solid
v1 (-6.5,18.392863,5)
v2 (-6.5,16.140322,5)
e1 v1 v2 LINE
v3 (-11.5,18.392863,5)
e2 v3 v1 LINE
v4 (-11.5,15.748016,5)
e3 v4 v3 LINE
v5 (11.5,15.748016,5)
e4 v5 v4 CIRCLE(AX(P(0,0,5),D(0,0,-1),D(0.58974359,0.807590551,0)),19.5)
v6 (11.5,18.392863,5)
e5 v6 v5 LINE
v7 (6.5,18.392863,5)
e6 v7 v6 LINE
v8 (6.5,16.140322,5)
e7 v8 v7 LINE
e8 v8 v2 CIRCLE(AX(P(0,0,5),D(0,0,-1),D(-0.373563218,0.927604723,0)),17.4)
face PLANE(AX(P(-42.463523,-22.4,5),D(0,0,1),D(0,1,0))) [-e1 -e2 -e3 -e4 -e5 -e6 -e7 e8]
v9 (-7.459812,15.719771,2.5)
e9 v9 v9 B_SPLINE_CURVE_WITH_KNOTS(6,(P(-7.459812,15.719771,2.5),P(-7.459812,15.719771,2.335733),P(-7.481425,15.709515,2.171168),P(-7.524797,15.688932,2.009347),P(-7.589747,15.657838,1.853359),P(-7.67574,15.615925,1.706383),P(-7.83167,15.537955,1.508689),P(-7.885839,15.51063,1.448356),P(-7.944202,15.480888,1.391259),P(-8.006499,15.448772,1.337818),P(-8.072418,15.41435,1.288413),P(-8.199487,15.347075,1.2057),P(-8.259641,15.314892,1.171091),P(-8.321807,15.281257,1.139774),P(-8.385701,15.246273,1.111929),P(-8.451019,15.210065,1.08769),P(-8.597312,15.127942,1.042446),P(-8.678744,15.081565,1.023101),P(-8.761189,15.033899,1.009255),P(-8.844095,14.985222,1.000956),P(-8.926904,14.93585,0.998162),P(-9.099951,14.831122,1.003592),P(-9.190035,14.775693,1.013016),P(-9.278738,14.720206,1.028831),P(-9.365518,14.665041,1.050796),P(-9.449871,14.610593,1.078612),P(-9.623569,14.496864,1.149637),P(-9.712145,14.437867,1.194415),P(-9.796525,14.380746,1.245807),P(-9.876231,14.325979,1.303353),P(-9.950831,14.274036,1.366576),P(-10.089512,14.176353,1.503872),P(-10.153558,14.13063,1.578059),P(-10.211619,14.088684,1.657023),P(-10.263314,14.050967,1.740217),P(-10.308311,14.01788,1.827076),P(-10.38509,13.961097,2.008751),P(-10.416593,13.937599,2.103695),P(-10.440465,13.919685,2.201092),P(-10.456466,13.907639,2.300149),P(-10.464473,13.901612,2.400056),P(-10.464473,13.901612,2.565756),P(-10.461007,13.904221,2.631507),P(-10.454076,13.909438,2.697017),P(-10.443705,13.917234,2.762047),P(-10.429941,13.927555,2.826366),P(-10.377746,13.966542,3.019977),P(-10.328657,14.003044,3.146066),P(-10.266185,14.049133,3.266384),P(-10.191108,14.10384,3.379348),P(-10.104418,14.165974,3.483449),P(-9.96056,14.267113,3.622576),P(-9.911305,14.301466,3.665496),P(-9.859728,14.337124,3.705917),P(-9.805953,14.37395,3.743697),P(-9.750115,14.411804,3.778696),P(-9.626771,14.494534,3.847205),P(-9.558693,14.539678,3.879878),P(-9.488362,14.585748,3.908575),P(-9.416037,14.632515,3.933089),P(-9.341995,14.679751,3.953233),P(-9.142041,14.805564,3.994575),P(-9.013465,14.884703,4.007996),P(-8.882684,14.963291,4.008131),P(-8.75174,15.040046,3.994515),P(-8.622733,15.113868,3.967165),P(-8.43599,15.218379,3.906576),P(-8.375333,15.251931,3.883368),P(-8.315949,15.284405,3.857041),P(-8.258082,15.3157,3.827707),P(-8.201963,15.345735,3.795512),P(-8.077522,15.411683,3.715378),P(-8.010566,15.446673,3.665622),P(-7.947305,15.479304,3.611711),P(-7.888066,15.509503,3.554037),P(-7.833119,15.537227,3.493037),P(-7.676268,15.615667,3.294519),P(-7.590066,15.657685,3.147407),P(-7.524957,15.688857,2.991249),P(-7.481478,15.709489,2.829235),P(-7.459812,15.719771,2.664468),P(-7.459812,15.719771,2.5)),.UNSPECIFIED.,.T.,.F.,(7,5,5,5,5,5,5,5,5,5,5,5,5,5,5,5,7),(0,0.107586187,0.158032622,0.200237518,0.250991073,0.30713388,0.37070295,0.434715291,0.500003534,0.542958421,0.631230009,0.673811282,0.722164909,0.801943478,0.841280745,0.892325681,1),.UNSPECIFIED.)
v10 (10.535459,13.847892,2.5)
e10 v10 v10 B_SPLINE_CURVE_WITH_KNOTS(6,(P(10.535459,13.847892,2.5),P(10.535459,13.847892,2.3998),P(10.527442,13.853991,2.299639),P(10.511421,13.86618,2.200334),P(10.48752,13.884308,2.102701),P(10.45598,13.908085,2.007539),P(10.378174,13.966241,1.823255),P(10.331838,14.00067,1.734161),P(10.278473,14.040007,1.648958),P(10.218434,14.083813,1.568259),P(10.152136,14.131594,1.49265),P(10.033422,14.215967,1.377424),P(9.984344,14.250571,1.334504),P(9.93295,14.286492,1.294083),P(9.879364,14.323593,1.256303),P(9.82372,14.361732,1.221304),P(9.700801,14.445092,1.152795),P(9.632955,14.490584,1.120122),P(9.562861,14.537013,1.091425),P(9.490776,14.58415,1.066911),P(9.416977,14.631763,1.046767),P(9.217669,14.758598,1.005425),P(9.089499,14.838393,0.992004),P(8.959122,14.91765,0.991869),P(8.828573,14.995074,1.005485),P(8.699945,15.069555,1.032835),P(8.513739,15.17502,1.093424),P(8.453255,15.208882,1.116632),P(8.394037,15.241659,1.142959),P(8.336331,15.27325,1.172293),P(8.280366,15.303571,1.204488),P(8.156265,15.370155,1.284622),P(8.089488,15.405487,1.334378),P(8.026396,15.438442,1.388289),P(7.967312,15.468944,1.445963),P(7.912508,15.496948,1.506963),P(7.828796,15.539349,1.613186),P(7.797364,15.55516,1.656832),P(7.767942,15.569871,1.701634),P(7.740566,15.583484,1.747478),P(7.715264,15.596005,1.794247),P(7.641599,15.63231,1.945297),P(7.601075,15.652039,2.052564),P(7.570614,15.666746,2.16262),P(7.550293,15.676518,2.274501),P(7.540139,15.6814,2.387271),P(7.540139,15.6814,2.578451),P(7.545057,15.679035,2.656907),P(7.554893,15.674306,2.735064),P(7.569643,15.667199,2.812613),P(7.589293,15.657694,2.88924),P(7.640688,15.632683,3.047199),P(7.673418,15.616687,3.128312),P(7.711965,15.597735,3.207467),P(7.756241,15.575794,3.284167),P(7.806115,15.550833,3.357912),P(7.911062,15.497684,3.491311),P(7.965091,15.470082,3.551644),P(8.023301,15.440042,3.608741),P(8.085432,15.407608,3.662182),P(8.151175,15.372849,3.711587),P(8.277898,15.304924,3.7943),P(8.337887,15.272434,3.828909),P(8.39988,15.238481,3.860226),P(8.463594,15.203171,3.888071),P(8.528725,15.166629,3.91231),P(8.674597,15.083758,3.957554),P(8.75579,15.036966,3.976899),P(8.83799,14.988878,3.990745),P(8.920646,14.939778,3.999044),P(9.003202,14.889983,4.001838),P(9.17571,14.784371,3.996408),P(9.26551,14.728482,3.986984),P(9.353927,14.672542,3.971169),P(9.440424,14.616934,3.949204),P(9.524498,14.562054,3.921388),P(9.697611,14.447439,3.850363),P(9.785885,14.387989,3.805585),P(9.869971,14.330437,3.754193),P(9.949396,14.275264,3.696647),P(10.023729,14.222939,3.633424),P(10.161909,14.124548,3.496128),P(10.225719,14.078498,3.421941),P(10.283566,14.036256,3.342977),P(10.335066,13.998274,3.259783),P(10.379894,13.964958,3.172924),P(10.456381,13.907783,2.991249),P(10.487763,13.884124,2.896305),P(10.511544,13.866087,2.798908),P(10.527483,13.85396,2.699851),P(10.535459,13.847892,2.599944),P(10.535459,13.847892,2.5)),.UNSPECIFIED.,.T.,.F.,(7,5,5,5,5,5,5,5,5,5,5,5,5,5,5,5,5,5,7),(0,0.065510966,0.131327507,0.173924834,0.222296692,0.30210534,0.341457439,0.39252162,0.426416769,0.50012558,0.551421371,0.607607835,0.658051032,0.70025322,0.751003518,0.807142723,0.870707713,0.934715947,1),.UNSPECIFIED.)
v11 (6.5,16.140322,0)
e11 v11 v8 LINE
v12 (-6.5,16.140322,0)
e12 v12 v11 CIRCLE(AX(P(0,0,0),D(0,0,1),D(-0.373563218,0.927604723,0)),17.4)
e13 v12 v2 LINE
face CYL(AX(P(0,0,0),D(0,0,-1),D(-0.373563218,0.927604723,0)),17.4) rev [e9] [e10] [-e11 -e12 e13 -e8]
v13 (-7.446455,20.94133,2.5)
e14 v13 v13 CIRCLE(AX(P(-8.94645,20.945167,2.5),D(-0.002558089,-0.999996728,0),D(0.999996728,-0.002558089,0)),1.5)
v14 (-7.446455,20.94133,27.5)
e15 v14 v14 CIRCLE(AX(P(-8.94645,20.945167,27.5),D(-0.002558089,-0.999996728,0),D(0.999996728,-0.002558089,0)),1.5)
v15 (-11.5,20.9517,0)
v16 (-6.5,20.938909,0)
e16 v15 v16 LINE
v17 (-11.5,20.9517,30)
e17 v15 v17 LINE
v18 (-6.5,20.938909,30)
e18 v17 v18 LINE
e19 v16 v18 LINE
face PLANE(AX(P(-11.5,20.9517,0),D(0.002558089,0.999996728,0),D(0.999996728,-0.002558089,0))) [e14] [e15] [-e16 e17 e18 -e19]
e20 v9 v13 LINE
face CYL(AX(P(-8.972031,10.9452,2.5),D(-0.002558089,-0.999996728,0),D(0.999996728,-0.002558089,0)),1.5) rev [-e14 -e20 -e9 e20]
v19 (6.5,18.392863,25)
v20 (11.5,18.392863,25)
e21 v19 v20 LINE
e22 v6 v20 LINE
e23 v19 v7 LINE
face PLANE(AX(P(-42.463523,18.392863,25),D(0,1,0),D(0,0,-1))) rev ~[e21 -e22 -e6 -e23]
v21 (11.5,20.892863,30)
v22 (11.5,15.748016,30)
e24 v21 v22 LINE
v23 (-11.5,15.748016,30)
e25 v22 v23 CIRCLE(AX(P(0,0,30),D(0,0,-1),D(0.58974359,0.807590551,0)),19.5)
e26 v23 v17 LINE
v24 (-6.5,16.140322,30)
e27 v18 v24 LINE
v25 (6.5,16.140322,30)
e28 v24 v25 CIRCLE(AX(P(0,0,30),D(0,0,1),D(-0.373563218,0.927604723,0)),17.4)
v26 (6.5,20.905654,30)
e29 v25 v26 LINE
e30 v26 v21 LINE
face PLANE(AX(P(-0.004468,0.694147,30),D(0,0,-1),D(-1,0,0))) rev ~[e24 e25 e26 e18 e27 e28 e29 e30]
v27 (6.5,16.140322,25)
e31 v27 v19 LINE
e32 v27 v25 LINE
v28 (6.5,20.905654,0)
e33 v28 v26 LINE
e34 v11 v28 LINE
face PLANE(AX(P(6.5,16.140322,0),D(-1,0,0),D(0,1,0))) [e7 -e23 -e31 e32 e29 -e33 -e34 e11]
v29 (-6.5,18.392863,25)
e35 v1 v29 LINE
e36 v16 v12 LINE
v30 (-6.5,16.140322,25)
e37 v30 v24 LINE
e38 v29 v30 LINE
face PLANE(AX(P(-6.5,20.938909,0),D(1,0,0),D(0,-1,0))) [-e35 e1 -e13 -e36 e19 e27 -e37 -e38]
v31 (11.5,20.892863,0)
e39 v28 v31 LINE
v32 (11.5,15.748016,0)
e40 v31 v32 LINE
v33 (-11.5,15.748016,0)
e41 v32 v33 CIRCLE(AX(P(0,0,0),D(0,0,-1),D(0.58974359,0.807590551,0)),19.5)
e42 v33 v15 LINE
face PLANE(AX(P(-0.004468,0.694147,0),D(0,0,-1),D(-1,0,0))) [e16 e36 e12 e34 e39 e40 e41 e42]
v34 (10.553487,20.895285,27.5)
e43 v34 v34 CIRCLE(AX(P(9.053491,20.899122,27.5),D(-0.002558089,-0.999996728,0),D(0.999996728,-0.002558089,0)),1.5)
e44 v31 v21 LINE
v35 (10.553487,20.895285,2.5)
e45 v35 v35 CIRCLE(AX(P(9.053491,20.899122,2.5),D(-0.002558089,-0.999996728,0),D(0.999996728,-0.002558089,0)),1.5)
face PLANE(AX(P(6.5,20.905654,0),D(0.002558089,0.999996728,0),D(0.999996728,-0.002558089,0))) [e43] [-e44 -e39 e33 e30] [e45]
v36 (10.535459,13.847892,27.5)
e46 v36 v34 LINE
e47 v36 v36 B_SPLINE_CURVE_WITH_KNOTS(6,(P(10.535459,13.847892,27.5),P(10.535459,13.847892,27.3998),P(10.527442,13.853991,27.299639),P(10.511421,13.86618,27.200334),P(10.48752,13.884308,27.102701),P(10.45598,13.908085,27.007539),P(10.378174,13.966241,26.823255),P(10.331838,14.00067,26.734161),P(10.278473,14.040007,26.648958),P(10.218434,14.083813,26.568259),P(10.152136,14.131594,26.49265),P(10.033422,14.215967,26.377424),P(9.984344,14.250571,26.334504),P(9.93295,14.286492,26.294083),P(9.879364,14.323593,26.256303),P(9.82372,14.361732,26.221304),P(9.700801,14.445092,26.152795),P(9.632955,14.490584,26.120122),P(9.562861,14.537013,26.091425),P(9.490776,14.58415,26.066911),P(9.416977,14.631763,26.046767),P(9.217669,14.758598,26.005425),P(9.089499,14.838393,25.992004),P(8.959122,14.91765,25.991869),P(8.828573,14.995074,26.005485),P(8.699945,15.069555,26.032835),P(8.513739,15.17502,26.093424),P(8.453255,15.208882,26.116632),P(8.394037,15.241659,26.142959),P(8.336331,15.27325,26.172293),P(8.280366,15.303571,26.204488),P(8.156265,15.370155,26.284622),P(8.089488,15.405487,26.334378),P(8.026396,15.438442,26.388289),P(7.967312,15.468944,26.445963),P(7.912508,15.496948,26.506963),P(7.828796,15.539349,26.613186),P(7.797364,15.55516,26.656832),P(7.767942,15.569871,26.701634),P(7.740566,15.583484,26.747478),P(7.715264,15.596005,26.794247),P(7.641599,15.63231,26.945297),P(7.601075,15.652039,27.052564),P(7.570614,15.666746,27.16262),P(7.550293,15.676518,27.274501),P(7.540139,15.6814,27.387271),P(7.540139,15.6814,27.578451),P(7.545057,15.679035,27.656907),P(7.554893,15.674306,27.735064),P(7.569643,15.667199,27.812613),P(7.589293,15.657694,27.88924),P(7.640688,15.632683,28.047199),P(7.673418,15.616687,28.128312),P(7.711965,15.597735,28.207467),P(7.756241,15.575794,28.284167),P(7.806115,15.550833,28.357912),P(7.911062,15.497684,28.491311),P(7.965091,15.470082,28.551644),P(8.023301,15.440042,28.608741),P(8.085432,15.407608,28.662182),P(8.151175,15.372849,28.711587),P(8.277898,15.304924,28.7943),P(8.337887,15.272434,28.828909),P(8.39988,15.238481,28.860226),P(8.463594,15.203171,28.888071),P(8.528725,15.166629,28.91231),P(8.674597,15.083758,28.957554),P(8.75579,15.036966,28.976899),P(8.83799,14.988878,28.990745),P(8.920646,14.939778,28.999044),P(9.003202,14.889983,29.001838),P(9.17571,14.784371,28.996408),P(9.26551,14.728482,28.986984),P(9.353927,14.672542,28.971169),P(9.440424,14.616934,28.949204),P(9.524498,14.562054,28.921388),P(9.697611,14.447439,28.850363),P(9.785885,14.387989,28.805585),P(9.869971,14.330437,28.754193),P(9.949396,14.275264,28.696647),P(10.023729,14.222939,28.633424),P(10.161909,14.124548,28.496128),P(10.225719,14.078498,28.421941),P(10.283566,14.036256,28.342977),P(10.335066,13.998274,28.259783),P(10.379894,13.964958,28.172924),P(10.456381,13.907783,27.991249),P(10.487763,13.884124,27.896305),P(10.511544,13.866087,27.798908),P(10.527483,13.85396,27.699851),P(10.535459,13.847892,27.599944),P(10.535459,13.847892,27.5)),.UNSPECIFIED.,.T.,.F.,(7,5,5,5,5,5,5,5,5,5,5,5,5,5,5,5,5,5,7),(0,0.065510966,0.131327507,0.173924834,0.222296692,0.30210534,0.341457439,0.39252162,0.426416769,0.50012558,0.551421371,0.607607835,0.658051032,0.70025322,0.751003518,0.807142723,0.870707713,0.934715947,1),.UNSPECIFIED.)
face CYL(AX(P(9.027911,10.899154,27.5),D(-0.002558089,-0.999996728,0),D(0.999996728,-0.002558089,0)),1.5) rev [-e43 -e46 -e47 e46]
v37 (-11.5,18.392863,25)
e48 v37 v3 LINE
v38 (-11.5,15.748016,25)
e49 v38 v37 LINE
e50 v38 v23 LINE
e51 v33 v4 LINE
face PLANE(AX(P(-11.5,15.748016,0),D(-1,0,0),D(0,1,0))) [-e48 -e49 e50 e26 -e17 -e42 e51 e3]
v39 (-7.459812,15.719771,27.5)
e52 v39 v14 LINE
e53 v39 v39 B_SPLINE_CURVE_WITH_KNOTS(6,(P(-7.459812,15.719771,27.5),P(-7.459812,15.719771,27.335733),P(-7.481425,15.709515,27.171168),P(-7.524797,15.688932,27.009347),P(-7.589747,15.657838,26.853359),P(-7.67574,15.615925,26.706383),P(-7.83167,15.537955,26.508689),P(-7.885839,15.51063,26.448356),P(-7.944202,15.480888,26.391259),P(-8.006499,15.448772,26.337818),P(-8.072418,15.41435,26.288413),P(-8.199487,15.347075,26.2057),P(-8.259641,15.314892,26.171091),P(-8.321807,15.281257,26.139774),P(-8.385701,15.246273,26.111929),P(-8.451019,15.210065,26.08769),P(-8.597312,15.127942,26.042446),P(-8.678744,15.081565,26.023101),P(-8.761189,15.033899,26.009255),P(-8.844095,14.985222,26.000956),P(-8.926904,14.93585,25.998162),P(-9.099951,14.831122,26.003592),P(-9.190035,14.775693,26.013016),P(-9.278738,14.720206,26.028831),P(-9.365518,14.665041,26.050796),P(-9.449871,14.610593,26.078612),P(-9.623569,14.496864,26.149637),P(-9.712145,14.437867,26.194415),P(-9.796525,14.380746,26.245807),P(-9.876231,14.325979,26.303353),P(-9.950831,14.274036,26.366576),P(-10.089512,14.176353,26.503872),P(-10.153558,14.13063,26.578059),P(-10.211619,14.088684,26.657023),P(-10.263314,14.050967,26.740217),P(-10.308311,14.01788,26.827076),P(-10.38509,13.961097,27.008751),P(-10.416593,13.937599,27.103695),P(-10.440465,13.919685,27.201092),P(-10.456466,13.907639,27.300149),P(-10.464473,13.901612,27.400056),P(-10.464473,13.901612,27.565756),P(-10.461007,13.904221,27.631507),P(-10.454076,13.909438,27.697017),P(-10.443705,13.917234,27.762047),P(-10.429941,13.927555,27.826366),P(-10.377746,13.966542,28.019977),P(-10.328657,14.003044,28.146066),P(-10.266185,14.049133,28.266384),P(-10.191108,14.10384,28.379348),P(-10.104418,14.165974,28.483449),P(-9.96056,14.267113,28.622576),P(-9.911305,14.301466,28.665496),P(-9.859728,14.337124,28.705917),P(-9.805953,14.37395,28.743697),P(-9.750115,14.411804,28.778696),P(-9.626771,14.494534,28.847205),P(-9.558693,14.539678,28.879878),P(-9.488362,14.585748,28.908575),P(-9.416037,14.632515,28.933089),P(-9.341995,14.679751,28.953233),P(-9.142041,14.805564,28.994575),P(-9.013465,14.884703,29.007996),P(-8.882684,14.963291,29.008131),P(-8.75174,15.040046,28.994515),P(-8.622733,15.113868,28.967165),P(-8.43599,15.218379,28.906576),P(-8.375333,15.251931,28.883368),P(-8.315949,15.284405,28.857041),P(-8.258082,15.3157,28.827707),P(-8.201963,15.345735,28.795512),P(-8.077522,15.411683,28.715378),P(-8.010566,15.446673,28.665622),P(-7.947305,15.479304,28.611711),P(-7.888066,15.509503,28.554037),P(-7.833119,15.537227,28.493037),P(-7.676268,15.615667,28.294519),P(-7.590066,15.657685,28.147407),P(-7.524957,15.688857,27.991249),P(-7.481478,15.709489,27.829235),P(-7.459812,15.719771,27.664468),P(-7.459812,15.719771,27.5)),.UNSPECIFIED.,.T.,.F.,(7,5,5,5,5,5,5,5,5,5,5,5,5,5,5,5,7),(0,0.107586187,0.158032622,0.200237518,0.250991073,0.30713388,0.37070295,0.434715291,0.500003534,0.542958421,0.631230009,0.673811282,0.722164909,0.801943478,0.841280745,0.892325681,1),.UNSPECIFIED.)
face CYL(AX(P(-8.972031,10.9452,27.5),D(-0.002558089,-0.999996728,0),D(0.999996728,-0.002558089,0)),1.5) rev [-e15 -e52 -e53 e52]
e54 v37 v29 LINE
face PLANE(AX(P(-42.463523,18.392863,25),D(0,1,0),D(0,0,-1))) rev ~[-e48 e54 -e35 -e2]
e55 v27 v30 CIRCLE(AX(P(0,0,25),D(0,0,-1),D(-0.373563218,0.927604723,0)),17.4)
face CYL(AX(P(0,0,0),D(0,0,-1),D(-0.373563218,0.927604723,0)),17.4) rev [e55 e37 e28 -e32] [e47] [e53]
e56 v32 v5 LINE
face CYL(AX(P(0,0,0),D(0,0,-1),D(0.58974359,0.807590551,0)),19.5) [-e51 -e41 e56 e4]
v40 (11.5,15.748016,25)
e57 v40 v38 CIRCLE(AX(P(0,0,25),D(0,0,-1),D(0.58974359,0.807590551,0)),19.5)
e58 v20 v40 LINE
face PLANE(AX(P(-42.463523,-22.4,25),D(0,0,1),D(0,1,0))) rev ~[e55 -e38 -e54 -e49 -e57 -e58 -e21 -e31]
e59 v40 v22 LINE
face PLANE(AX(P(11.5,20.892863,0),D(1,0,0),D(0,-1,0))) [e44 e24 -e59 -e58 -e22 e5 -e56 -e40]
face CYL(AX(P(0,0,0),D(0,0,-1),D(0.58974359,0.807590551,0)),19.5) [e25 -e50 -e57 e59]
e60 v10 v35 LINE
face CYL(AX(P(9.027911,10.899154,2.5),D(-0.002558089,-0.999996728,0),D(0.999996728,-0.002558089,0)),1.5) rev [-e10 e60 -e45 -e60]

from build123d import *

# Parameters (mm, degrees)
SALIENTE_EXTRUIR1_DEPTH    = 30
CORTAR_EXTRUIR2_DEPTH      = 42.46352267
CORTAR_EXTRUIR2_DEPTH_BACK = 42.46352267
CROQUIS3_W                 = 20
CROQUIS3_H                 = 40.792863267
CORTAR_EXTRUIR3_DEPTH      = 55.00268459
CORTAR_EXTRUIR3_DEPTH_BACK = 10
CROQUIS4_R                 = 1.5


with BuildPart() as part:
    # Croquis1 → Saliente-Extruir1 (new body)
    with BuildSketch(Plane.XY):
        with BuildLine():
            Line((-6.5, 20.93890902), (-6.5, 16.140322178))
            ThreePointArc((-6.5, 16.140322178), (0, -17.4), (6.5, 16.140322178))
            Line((6.5, 16.140322178), (6.5, 20.905653754))
            Line((6.5, 20.905653754), (11.5, 20.892863267))
            Line((11.5, 20.892863267), (11.5, 15.748015748))
            ThreePointArc((11.5, 15.748015748), (0, -19.5), (-11.5, 15.748015748))
            Line((-11.5, 15.748015748), (-11.5, 20.951699507))
            Line((-11.5, 20.951699507), (-6.5, 20.93890902))
        make_face()
    extrude(amount=SALIENTE_EXTRUIR1_DEPTH)

    # Croquis3 → Cortar-Extruir2 (cut, two sides: drawn at the far end of the back side and taken through both)
    with BuildSketch(Plane(origin=(0, 0, 0), x_dir=(0, 0, -1), z_dir=(1, 0, 0)).offset(-CORTAR_EXTRUIR2_DEPTH_BACK)):
        with Locations((-15, -2.003568366)):
            Rectangle(CROQUIS3_W, CROQUIS3_H)
    extrude(amount=CORTAR_EXTRUIR2_DEPTH + CORTAR_EXTRUIR2_DEPTH_BACK, mode=Mode.SUBTRACT)

    # Croquis4 → Cortar-Extruir3 (cut, two sides: drawn at the far end of the back side and taken through both)
    with BuildSketch(Plane(origin=(0.053520884, 20.922144475, 0), x_dir=(0.9999967280848749, -0.0025580890416273647, 0), z_dir=(0.0025580890416273647, 0.9999967280848749, 0)).offset(-CORTAR_EXTRUIR3_DEPTH_BACK)):
        with Locations((9, -2.5)):
            Circle(CROQUIS4_R)
        with Locations((-9, -2.5)):
            Circle(CROQUIS4_R)
        with Locations((-9, -27.5)):
            Circle(CROQUIS4_R)
        with Locations((9, -27.5)):
            Circle(CROQUIS4_R)
    extrude(amount=CORTAR_EXTRUIR3_DEPTH + CORTAR_EXTRUIR3_DEPTH_BACK, mode=Mode.SUBTRACT)


solid = part.part
